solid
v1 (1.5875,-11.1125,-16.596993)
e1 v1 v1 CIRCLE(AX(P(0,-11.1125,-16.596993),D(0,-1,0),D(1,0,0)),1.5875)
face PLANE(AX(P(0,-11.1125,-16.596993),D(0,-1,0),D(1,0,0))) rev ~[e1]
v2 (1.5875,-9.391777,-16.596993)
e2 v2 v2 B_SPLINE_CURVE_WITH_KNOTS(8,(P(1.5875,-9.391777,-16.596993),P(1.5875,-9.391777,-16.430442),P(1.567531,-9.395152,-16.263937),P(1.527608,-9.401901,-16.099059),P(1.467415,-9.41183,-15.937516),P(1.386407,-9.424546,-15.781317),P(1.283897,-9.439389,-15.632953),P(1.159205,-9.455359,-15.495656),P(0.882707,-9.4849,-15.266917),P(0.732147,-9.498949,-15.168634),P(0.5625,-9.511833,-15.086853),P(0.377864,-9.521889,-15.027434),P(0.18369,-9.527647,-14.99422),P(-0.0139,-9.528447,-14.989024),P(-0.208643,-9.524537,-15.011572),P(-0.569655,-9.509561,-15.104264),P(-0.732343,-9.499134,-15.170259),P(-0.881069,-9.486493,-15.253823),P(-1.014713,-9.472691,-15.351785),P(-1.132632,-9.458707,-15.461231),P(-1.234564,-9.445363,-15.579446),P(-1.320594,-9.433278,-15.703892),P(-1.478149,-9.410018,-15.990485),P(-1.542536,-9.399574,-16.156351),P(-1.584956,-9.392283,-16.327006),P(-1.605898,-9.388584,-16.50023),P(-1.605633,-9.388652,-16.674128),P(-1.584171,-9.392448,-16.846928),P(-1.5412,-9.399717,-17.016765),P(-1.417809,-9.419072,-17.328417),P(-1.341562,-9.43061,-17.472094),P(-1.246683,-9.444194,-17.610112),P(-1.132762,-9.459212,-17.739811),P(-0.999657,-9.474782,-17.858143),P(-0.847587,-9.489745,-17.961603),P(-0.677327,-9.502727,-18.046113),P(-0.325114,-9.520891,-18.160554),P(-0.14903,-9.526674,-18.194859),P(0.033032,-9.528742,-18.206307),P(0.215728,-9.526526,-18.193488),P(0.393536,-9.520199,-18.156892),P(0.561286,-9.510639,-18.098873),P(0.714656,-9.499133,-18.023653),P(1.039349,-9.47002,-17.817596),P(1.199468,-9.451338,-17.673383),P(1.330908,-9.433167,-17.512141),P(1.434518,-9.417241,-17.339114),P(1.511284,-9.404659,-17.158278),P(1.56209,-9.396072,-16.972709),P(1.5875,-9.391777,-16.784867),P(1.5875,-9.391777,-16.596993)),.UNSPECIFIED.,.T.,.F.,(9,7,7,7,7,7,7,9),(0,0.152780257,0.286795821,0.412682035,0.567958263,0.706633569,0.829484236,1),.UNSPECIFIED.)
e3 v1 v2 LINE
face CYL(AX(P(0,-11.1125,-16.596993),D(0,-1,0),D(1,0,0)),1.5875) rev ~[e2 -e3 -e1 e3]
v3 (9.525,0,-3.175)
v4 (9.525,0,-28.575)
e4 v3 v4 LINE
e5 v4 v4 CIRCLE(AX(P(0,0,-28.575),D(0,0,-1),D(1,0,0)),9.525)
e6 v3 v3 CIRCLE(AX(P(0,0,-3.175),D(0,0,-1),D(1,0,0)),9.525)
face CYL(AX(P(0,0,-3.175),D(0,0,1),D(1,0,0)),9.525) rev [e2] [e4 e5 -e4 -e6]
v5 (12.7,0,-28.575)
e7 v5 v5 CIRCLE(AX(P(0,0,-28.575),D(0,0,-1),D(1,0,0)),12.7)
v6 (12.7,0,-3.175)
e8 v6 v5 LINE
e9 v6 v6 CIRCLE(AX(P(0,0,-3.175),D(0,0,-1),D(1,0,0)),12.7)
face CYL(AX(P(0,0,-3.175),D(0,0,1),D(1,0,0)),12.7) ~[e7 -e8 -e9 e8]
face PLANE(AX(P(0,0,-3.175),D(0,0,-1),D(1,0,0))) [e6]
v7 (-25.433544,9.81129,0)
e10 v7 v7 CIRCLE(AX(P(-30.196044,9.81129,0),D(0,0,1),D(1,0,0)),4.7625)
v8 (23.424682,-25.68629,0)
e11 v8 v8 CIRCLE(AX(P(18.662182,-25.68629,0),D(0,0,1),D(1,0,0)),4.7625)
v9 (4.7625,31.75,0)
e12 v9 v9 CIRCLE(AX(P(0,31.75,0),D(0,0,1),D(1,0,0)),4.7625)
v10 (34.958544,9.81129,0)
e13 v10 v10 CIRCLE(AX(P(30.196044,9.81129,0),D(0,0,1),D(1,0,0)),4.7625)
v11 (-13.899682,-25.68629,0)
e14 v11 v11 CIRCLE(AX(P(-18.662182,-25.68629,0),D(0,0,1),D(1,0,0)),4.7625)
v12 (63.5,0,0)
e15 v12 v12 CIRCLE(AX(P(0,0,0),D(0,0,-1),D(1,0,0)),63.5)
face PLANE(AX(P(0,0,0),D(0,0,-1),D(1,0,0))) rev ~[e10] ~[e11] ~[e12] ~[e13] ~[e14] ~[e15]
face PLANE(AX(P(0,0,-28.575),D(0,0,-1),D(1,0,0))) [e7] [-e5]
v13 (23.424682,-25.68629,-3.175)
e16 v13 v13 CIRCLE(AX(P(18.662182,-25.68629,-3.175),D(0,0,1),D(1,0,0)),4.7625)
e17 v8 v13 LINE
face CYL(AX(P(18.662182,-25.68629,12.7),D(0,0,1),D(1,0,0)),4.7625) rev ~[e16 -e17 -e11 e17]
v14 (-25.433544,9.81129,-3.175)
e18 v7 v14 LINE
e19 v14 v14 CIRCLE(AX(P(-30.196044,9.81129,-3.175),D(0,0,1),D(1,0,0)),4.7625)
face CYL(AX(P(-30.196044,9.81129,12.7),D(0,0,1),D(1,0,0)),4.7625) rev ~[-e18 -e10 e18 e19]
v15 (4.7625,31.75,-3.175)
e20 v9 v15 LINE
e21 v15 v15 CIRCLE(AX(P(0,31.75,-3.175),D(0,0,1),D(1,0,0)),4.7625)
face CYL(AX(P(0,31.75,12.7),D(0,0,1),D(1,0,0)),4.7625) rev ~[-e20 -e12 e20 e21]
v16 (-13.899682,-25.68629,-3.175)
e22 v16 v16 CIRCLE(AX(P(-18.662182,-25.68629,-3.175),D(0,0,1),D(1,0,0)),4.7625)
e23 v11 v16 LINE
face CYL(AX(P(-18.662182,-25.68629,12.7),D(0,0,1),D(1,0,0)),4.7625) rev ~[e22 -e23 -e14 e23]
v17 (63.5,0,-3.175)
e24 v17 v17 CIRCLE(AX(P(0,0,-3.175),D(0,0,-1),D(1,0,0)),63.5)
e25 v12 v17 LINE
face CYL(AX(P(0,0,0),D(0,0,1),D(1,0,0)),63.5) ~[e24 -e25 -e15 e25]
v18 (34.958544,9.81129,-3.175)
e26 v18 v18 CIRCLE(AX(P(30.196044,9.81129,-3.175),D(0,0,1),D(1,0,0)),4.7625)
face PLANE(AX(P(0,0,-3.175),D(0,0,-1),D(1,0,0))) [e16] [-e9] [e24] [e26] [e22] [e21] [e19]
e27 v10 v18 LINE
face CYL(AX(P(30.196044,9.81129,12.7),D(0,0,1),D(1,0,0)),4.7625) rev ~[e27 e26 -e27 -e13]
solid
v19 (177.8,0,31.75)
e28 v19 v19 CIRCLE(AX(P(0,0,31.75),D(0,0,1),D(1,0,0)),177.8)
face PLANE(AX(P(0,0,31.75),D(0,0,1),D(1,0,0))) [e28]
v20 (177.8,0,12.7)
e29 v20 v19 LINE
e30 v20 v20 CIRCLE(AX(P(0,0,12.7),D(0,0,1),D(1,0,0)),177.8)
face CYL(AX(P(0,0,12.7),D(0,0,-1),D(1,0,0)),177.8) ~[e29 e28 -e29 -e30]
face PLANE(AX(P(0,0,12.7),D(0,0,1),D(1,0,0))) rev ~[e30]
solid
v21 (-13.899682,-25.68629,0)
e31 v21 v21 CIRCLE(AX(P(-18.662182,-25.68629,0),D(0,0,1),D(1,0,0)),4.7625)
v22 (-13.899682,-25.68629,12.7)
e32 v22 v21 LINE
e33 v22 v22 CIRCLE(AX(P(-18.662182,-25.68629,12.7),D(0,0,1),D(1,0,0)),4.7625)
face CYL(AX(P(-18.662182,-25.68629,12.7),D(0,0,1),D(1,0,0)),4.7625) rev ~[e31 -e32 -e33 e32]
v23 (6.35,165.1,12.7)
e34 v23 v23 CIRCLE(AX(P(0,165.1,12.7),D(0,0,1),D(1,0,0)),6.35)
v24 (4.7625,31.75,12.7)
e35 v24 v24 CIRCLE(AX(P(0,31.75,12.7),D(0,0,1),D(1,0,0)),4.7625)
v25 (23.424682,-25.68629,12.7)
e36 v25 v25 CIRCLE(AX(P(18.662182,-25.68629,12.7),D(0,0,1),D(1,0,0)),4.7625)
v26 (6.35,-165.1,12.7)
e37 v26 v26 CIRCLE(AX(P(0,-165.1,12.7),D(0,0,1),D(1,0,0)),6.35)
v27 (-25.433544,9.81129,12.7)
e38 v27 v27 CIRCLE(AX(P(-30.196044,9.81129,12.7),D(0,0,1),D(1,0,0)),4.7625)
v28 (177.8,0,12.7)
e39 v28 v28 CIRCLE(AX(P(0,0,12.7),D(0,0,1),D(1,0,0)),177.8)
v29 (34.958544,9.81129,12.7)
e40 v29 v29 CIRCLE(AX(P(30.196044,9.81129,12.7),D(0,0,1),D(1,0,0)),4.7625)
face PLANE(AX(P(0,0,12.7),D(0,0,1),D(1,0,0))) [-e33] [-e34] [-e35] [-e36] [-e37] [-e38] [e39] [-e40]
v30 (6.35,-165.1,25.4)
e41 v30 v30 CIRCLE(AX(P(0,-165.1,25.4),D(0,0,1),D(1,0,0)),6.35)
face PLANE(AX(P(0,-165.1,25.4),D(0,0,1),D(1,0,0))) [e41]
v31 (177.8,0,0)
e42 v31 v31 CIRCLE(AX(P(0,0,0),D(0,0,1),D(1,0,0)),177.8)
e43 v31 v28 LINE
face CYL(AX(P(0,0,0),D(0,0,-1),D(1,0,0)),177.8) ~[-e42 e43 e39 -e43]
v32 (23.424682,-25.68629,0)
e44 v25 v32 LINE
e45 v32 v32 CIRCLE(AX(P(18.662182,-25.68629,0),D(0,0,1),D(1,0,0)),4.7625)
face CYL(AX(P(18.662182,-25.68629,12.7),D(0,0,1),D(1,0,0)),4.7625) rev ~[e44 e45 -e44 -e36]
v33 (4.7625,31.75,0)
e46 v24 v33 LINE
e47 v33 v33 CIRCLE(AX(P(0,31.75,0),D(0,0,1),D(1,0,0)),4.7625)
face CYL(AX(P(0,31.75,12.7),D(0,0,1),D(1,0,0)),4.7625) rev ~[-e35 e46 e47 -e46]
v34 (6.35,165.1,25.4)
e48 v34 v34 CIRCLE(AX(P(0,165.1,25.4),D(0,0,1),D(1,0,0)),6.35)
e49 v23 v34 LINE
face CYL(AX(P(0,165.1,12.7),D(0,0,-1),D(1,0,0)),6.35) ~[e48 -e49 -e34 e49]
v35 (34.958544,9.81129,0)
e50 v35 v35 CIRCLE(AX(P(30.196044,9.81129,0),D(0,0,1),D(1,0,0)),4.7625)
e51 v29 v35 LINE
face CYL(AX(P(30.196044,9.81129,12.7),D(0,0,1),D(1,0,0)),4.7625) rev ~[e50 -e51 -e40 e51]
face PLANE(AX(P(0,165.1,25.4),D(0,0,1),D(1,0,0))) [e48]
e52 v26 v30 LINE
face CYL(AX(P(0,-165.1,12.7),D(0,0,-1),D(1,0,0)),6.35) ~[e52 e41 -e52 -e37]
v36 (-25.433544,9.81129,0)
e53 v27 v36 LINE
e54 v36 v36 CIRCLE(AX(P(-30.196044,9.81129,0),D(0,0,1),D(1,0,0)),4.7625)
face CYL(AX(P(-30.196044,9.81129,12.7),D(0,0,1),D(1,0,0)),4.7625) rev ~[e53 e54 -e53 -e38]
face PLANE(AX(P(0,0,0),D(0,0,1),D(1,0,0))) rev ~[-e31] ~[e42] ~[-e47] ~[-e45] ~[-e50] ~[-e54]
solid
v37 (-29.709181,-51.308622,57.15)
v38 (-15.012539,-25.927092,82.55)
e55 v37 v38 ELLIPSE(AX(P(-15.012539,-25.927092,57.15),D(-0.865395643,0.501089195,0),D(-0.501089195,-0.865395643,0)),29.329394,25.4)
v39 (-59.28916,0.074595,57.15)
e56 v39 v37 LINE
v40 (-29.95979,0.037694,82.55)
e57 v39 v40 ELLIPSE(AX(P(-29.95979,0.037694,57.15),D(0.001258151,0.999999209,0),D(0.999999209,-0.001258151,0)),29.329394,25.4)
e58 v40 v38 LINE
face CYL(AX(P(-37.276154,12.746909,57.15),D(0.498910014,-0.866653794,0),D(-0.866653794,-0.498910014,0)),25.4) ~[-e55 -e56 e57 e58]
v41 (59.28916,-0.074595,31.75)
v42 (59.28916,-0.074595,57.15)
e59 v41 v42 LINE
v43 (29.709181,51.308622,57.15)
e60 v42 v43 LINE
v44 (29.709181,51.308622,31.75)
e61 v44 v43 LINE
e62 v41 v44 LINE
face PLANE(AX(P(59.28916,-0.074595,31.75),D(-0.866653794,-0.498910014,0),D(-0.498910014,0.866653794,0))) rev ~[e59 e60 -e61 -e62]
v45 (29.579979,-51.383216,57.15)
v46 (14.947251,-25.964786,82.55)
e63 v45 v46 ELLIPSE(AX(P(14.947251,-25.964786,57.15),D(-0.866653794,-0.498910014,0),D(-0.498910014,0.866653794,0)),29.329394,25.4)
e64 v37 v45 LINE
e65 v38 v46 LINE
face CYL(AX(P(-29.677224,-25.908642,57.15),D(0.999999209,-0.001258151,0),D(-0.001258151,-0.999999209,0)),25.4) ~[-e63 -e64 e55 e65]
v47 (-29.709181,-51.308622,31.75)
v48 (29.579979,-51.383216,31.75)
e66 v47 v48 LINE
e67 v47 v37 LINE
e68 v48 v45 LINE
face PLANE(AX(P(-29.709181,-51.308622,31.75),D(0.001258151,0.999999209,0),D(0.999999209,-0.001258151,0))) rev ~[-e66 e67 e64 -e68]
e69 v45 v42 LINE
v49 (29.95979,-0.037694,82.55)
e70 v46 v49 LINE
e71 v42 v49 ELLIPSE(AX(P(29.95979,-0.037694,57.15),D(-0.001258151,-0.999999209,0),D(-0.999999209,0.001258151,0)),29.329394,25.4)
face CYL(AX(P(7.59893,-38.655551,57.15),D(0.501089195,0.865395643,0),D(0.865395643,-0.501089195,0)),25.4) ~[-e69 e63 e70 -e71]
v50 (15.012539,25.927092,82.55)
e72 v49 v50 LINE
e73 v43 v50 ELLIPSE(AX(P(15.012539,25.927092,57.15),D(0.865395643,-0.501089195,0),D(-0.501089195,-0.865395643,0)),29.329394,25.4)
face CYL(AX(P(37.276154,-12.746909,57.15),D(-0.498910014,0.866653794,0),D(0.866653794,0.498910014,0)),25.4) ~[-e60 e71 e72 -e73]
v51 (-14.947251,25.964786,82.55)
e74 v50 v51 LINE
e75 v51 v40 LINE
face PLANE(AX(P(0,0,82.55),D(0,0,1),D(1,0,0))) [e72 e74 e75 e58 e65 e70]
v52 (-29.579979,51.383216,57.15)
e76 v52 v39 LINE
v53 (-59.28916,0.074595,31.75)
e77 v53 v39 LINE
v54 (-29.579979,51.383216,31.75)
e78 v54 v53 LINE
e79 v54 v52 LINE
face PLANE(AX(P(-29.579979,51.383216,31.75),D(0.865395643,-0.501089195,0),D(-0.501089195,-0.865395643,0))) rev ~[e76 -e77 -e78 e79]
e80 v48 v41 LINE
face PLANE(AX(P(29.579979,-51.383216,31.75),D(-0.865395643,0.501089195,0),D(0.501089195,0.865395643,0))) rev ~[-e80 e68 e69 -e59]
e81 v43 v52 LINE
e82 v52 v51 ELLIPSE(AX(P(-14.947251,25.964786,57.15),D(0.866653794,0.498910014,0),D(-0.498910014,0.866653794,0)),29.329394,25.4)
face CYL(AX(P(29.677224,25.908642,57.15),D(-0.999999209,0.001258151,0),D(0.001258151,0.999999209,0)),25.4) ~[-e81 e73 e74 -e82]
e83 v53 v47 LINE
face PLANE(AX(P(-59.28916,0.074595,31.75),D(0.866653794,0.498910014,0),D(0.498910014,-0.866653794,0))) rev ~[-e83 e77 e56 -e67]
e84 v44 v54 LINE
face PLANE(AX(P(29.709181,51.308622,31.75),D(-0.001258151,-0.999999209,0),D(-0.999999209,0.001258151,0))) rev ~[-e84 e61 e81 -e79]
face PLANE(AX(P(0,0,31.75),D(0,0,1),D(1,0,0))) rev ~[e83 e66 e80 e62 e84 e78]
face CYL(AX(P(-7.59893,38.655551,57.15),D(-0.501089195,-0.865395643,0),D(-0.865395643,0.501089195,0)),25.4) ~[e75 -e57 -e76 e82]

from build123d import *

# Parameters (mm, degrees)
F0_R      = 177.8
F1_DEPTH  = 12.7
F3_R      = 6.35
F4_DEPTH  = 12.7
F5_R      = 177.8
F6_DEPTH  = 19.05
F7_R      = 63.5
F8_DEPTH  = 3.175
F2_R      = 4.7625
F9_DEPTH  = 15.876
F10_R     = 12.7
F10_R_2   = 9.525
F11_DEPTH = 25.4
F13_R     = 1.5875
F14_DEPTH = 1.7217234466
F16_DEPTH = 50.8
F17_R     = 25.4


with BuildPart() as f1:
    # F0 (on Top) → F1 (new body)
    with BuildSketch(Plane.XY):
        Circle(F0_R)
    extrude(amount=F1_DEPTH)

    # F3 (on face) → F4 (join)
    with BuildSketch(Plane.XY.offset(12.7)):
        with Locations((0, 165.1)):
            Circle(F3_R)
        with Locations((0, -165.1)):
            Circle(F3_R)
    extrude(amount=F4_DEPTH)


with BuildPart() as f6:
    # F5 (on face) → F6 (new body)
    with BuildSketch(Plane.XY.offset(12.7)):
        Circle(F5_R)
    extrude(amount=F6_DEPTH)


with BuildPart() as f8:
    # F7 (on face) → F8 (new body)
    with BuildSketch(Plane(origin=(0, 0, 0), x_dir=(1, 0, 0), z_dir=(0, 0, -1))):
        Circle(F7_R)
    extrude(amount=F8_DEPTH)


with BuildPart() as f9_tool:
    # F2 (on face) → F9 (new body, through all)
    with BuildSketch(Plane.XY.offset(12.7)):
        with Locations((0, 31.75)):
            Circle(F2_R)
        with Locations((-30.1960443924, 9.8112895714)):
            Circle(F2_R)
        with Locations((-18.6621817603, -25.6862895714)):
            Circle(F2_R)
        with Locations((18.6621817603, -25.6862895714)):
            Circle(F2_R)
        with Locations((30.1960443924, 9.8112895714)):
            Circle(F2_R)
    extrude(amount=-F9_DEPTH)


with BuildPart() as f1_1:
    add(f1.part)

    # F9: cut by f9_tool
    add(f9_tool.part, mode=Mode.SUBTRACT)


with BuildPart() as f8_1:
    add(f8.part)

    # F9: cut by f9_tool
    add(f9_tool.part, mode=Mode.SUBTRACT)

    # F10 (on face) → F11 (join)
    with BuildSketch(Plane(origin=(0, 0, -3.175), x_dir=(1, 0, 0), z_dir=(0, 0, -1))):
        Circle(F10_R)
        Circle(F10_R_2, mode=Mode.SUBTRACT)
    extrude(amount=F11_DEPTH)

    # F13 (on offset) → F14 (cut, through all)
    with BuildSketch(Plane.XZ.offset(11.1125)):
        with Locations((0, -16.5969933962)):
            Circle(F13_R)
    extrude(amount=-F14_DEPTH, mode=Mode.SUBTRACT)


with BuildPart() as f16:
    # F15 (on face) → F16 (new body)
    with BuildSketch(Plane.XY.offset(31.75)):
        Polygon((29.5799792173, -51.383216395), (59.2891603349, -0.074594752), (29.7091811176, 51.3086216431), (-29.5799792173, 51.383216395), (-59.2891603349, 0.074594752), (-29.7091811176, -51.3086216431), align=None)
    extrude(amount=F16_DEPTH)

    # F17
    f17_edges = [f16.edges().sort_by_distance(p)[0] for p in [
        (-44.499171, -25.617013, 82.55),
        (0.064601, 51.345919, 82.55),
        (-44.43457, 25.728906, 82.55),
        (44.499171, 25.617013, 82.55),
        (44.43457, -25.728906, 82.55),
        (-0.064601, -51.345919, 82.55),
    ]]
    fillet(f17_edges, radius=F17_R)


solid = Compound([f6.part, f1_1.part, f8_1.part, f16.part])
